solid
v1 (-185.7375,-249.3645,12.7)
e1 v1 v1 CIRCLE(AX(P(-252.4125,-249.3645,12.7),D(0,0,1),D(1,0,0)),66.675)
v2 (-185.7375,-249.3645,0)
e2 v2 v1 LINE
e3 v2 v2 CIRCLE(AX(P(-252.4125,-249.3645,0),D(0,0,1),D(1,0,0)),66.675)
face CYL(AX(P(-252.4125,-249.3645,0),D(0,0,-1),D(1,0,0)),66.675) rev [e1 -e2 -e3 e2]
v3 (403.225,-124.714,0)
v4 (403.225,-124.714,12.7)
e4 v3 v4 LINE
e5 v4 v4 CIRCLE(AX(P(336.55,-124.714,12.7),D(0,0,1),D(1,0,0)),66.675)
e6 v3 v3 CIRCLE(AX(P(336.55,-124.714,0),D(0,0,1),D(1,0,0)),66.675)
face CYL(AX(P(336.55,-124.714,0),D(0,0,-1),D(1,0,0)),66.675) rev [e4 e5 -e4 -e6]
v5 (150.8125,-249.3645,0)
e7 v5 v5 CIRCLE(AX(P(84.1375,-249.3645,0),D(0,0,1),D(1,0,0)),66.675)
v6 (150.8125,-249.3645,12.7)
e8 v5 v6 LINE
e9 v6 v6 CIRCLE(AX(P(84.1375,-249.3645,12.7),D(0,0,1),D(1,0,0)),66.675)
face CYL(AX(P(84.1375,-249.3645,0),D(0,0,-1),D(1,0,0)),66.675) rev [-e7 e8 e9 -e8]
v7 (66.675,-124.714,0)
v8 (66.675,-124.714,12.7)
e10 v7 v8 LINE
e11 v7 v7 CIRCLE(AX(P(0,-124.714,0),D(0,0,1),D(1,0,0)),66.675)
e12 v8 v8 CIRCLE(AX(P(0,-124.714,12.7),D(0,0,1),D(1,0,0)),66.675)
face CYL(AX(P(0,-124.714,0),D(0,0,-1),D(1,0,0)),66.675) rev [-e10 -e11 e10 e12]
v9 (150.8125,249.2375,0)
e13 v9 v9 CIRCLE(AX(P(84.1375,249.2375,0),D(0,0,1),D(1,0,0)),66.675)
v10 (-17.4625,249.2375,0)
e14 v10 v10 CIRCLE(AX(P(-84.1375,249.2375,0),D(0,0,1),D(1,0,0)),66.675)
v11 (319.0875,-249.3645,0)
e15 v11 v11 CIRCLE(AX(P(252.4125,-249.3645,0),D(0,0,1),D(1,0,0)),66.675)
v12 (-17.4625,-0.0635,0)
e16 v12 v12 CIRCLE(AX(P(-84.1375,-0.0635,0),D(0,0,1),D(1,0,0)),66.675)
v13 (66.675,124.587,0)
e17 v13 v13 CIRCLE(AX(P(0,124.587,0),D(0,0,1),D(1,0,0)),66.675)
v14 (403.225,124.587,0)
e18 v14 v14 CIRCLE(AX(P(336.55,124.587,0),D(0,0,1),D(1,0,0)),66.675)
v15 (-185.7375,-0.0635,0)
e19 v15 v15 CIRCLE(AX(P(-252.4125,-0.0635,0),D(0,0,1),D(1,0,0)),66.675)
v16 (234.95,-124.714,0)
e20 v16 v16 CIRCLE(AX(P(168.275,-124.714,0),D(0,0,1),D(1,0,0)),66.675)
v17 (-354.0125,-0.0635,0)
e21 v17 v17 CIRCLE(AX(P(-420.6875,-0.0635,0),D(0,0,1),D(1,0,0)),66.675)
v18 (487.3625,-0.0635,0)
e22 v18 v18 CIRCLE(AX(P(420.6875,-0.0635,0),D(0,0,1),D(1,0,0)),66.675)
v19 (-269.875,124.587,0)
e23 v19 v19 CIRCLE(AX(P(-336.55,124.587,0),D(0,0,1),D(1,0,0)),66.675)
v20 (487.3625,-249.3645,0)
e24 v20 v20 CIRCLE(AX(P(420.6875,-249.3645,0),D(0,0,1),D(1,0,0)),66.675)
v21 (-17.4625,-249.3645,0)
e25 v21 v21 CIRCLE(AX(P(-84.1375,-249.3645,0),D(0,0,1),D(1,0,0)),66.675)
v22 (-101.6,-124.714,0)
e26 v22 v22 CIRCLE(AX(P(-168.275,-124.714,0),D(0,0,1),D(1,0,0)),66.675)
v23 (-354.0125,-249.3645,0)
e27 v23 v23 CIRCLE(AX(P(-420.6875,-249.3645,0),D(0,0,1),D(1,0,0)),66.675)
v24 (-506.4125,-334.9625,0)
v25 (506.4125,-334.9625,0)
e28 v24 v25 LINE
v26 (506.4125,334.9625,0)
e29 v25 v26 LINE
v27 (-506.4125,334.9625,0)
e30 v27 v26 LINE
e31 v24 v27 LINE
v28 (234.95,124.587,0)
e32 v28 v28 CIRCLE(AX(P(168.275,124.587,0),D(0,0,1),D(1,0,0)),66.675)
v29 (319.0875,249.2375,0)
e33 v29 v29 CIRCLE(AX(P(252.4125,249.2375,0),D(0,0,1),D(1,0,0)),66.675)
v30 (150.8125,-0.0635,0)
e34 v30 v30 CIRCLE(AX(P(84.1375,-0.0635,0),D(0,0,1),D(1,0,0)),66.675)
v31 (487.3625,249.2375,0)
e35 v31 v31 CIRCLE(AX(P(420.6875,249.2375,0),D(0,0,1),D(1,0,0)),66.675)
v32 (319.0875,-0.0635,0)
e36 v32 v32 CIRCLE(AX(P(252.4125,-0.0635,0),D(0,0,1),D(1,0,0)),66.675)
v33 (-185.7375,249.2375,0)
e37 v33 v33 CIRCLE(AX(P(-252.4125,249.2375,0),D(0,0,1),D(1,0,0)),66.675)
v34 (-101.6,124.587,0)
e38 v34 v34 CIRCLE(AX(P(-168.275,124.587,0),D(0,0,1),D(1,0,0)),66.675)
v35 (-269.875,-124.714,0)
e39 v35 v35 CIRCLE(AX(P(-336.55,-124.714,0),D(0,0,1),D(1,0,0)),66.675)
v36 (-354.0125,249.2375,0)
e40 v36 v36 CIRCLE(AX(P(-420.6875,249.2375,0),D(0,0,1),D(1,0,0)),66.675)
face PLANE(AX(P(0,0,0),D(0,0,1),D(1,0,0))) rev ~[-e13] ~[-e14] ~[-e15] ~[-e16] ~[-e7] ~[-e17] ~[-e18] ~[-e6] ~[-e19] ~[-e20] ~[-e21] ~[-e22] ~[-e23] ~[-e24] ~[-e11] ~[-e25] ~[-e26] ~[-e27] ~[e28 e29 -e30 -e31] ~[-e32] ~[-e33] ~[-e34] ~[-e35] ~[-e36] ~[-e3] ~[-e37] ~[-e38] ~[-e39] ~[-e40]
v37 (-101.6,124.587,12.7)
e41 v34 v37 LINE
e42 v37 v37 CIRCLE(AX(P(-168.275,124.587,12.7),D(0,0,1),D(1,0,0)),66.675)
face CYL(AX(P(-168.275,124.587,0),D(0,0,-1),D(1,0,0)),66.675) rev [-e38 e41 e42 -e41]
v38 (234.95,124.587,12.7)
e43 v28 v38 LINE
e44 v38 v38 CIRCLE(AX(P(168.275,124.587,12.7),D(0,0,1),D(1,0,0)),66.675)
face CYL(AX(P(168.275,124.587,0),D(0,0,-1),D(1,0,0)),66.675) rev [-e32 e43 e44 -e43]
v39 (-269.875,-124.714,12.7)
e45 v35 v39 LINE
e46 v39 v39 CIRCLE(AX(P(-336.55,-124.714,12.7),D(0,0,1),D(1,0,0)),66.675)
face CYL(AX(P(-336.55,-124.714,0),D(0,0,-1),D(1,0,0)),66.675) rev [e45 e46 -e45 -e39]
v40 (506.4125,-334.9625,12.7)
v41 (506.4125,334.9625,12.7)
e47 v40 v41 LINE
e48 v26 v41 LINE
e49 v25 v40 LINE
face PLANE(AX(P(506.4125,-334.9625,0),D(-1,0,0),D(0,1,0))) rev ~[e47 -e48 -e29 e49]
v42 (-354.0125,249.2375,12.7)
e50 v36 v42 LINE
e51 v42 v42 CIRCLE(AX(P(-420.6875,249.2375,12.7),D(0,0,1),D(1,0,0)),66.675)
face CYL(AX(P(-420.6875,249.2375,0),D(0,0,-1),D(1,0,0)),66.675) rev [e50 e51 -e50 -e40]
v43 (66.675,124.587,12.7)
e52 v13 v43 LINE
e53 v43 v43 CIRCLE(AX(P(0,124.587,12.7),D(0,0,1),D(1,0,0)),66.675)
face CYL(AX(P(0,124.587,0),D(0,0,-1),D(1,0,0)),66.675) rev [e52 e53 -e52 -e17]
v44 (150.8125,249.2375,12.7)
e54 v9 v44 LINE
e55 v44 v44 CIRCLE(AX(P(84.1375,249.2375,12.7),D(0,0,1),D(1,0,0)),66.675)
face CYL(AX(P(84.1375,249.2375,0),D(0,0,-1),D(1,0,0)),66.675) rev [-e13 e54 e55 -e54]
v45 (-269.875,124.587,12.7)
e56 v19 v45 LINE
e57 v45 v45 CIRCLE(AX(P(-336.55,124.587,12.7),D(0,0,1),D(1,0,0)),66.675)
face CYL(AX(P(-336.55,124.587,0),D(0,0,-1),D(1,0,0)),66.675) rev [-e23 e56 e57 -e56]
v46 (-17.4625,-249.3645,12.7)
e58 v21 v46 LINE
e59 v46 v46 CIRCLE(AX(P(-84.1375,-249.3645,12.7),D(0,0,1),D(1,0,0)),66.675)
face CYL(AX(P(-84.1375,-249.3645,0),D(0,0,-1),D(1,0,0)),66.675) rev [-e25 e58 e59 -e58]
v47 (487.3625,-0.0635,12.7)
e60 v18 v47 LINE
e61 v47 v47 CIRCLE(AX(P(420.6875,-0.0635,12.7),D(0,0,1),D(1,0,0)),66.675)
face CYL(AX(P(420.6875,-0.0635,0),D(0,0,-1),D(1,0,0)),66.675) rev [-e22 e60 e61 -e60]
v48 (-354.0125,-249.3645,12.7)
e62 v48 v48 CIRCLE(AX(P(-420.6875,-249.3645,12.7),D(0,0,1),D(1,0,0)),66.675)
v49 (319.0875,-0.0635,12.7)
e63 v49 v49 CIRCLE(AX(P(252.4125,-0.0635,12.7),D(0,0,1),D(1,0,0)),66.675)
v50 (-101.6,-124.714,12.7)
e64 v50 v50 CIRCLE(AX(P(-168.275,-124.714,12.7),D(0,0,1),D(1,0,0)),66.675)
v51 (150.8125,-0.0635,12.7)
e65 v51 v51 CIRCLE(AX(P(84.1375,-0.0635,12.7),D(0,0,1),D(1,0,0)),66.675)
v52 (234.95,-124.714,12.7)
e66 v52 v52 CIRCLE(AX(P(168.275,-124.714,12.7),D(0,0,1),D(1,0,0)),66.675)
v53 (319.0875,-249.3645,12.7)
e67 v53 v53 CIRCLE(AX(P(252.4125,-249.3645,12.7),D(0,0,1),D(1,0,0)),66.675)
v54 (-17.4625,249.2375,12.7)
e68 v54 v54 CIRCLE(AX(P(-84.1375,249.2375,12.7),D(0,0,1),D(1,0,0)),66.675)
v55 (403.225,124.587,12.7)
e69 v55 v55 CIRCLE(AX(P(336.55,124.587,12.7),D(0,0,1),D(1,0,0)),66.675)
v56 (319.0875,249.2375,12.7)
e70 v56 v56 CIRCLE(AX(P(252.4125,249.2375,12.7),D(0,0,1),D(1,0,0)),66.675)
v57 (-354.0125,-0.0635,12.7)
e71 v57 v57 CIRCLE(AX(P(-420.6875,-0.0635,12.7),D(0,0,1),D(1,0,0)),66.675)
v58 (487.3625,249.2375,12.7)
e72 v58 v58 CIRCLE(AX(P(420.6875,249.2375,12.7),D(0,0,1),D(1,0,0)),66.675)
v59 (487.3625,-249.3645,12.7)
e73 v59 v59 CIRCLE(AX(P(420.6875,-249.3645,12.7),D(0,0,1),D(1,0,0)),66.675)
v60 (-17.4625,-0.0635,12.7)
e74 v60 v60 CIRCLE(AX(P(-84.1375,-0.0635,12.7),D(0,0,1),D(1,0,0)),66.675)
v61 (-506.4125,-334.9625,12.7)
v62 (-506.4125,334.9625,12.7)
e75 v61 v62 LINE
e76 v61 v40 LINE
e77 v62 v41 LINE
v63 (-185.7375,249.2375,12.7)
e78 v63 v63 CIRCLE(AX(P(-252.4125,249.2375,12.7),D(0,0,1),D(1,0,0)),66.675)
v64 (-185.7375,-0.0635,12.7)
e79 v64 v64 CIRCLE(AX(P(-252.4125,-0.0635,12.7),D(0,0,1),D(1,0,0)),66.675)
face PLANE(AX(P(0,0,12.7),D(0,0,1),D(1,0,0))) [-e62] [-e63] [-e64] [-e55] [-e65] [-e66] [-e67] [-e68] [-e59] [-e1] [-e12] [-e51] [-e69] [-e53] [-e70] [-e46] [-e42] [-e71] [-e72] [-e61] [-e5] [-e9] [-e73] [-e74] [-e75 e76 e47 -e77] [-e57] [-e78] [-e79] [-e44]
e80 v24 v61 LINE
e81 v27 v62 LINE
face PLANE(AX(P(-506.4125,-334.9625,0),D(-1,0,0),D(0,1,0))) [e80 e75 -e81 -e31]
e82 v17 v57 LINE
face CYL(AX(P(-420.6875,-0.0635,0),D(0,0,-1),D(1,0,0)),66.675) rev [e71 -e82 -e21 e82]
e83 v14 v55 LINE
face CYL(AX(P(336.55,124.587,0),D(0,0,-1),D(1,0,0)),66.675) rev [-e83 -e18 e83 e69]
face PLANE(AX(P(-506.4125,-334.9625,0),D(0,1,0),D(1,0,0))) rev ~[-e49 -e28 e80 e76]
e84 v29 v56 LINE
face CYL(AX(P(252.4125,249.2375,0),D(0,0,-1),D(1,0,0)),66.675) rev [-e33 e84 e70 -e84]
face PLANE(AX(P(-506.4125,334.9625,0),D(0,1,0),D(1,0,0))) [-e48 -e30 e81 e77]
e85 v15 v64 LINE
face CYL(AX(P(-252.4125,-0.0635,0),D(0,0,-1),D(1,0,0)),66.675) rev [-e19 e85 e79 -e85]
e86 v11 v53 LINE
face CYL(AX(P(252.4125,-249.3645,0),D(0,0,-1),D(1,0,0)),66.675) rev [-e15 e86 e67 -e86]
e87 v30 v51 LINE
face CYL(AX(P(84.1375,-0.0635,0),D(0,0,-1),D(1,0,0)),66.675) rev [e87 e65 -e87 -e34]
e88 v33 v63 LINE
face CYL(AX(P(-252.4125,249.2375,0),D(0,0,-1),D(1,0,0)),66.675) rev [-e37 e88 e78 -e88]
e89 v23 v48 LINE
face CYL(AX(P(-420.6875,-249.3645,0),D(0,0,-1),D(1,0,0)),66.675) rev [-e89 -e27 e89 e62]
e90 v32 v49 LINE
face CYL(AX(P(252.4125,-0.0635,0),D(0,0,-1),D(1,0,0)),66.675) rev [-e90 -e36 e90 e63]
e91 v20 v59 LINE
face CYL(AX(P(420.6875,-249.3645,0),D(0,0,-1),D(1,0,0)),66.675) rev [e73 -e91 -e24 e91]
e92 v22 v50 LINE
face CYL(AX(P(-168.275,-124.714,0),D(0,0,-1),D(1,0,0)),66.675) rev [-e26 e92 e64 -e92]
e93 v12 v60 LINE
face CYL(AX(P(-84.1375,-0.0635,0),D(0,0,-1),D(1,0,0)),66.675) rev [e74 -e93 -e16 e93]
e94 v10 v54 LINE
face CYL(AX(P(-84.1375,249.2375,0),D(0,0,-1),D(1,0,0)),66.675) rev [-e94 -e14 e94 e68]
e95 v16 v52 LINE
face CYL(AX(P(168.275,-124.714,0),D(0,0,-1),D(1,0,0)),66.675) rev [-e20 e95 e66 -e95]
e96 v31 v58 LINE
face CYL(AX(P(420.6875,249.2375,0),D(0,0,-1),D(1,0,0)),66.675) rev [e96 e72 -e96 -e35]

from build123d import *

# Parameters (mm, degrees)
F0_W     = 1012.825
F0_H     = 669.925
F0_R     = 66.675
F1_DEPTH = 12.7


with BuildPart() as f1:
    # F0 (on Top) → F1 (new body)
    with BuildSketch(Plane.XY):
        Rectangle(F0_W, F0_H)
        with Locations((-420.6875, -249.3645)):
            Circle(F0_R, mode=Mode.SUBTRACT)
        with Locations((-252.4125, -249.3645)):
            Circle(F0_R, mode=Mode.SUBTRACT)
        with Locations((-84.1375, -249.3645)):
            Circle(F0_R, mode=Mode.SUBTRACT)
        with Locations((-336.55, -124.714)):
            Circle(F0_R, mode=Mode.SUBTRACT)
        with Locations((-420.6875, -0.0635)):
            Circle(F0_R, mode=Mode.SUBTRACT)
        with Locations((-168.275, -124.714)):
            Circle(F0_R, mode=Mode.SUBTRACT)
        with Locations((-252.4125, -0.0635)):
            Circle(F0_R, mode=Mode.SUBTRACT)
        with Locations((-84.1375, -0.0635)):
            Circle(F0_R, mode=Mode.SUBTRACT)
        with Locations((84.1375, -249.3645)):
            Circle(F0_R, mode=Mode.SUBTRACT)
        with Locations((252.4125, -249.3645)):
            Circle(F0_R, mode=Mode.SUBTRACT)
        with Locations((420.6875, -249.3645)):
            Circle(F0_R, mode=Mode.SUBTRACT)
        with Locations((0, -124.714)):
            Circle(F0_R, mode=Mode.SUBTRACT)
        with Locations((168.275, -124.714)):
            Circle(F0_R, mode=Mode.SUBTRACT)
        with Locations((84.1375, -0.0635)):
            Circle(F0_R, mode=Mode.SUBTRACT)
        with Locations((252.4125, -0.0635)):
            Circle(F0_R, mode=Mode.SUBTRACT)
        with Locations((336.55, -124.714)):
            Circle(F0_R, mode=Mode.SUBTRACT)
        with Locations((420.6875, -0.0635)):
            Circle(F0_R, mode=Mode.SUBTRACT)
        with Locations((-336.55, 124.587)):
            Circle(F0_R, mode=Mode.SUBTRACT)
        with Locations((-168.275, 124.587)):
            Circle(F0_R, mode=Mode.SUBTRACT)
        with Locations((-420.6875, 249.2375)):
            Circle(F0_R, mode=Mode.SUBTRACT)
        with Locations((-252.4125, 249.2375)):
            Circle(F0_R, mode=Mode.SUBTRACT)
        with Locations((-84.1375, 249.2375)):
            Circle(F0_R, mode=Mode.SUBTRACT)
        with Locations((0, 124.587)):
            Circle(F0_R, mode=Mode.SUBTRACT)
        with Locations((168.275, 124.587)):
            Circle(F0_R, mode=Mode.SUBTRACT)
        with Locations((336.55, 124.587)):
            Circle(F0_R, mode=Mode.SUBTRACT)
        with Locations((84.1375, 249.2375)):
            Circle(F0_R, mode=Mode.SUBTRACT)
        with Locations((252.4125, 249.2375)):
            Circle(F0_R, mode=Mode.SUBTRACT)
        with Locations((420.6875, 249.2375)):
            Circle(F0_R, mode=Mode.SUBTRACT)
    extrude(amount=F1_DEPTH)


solid = f1.part
